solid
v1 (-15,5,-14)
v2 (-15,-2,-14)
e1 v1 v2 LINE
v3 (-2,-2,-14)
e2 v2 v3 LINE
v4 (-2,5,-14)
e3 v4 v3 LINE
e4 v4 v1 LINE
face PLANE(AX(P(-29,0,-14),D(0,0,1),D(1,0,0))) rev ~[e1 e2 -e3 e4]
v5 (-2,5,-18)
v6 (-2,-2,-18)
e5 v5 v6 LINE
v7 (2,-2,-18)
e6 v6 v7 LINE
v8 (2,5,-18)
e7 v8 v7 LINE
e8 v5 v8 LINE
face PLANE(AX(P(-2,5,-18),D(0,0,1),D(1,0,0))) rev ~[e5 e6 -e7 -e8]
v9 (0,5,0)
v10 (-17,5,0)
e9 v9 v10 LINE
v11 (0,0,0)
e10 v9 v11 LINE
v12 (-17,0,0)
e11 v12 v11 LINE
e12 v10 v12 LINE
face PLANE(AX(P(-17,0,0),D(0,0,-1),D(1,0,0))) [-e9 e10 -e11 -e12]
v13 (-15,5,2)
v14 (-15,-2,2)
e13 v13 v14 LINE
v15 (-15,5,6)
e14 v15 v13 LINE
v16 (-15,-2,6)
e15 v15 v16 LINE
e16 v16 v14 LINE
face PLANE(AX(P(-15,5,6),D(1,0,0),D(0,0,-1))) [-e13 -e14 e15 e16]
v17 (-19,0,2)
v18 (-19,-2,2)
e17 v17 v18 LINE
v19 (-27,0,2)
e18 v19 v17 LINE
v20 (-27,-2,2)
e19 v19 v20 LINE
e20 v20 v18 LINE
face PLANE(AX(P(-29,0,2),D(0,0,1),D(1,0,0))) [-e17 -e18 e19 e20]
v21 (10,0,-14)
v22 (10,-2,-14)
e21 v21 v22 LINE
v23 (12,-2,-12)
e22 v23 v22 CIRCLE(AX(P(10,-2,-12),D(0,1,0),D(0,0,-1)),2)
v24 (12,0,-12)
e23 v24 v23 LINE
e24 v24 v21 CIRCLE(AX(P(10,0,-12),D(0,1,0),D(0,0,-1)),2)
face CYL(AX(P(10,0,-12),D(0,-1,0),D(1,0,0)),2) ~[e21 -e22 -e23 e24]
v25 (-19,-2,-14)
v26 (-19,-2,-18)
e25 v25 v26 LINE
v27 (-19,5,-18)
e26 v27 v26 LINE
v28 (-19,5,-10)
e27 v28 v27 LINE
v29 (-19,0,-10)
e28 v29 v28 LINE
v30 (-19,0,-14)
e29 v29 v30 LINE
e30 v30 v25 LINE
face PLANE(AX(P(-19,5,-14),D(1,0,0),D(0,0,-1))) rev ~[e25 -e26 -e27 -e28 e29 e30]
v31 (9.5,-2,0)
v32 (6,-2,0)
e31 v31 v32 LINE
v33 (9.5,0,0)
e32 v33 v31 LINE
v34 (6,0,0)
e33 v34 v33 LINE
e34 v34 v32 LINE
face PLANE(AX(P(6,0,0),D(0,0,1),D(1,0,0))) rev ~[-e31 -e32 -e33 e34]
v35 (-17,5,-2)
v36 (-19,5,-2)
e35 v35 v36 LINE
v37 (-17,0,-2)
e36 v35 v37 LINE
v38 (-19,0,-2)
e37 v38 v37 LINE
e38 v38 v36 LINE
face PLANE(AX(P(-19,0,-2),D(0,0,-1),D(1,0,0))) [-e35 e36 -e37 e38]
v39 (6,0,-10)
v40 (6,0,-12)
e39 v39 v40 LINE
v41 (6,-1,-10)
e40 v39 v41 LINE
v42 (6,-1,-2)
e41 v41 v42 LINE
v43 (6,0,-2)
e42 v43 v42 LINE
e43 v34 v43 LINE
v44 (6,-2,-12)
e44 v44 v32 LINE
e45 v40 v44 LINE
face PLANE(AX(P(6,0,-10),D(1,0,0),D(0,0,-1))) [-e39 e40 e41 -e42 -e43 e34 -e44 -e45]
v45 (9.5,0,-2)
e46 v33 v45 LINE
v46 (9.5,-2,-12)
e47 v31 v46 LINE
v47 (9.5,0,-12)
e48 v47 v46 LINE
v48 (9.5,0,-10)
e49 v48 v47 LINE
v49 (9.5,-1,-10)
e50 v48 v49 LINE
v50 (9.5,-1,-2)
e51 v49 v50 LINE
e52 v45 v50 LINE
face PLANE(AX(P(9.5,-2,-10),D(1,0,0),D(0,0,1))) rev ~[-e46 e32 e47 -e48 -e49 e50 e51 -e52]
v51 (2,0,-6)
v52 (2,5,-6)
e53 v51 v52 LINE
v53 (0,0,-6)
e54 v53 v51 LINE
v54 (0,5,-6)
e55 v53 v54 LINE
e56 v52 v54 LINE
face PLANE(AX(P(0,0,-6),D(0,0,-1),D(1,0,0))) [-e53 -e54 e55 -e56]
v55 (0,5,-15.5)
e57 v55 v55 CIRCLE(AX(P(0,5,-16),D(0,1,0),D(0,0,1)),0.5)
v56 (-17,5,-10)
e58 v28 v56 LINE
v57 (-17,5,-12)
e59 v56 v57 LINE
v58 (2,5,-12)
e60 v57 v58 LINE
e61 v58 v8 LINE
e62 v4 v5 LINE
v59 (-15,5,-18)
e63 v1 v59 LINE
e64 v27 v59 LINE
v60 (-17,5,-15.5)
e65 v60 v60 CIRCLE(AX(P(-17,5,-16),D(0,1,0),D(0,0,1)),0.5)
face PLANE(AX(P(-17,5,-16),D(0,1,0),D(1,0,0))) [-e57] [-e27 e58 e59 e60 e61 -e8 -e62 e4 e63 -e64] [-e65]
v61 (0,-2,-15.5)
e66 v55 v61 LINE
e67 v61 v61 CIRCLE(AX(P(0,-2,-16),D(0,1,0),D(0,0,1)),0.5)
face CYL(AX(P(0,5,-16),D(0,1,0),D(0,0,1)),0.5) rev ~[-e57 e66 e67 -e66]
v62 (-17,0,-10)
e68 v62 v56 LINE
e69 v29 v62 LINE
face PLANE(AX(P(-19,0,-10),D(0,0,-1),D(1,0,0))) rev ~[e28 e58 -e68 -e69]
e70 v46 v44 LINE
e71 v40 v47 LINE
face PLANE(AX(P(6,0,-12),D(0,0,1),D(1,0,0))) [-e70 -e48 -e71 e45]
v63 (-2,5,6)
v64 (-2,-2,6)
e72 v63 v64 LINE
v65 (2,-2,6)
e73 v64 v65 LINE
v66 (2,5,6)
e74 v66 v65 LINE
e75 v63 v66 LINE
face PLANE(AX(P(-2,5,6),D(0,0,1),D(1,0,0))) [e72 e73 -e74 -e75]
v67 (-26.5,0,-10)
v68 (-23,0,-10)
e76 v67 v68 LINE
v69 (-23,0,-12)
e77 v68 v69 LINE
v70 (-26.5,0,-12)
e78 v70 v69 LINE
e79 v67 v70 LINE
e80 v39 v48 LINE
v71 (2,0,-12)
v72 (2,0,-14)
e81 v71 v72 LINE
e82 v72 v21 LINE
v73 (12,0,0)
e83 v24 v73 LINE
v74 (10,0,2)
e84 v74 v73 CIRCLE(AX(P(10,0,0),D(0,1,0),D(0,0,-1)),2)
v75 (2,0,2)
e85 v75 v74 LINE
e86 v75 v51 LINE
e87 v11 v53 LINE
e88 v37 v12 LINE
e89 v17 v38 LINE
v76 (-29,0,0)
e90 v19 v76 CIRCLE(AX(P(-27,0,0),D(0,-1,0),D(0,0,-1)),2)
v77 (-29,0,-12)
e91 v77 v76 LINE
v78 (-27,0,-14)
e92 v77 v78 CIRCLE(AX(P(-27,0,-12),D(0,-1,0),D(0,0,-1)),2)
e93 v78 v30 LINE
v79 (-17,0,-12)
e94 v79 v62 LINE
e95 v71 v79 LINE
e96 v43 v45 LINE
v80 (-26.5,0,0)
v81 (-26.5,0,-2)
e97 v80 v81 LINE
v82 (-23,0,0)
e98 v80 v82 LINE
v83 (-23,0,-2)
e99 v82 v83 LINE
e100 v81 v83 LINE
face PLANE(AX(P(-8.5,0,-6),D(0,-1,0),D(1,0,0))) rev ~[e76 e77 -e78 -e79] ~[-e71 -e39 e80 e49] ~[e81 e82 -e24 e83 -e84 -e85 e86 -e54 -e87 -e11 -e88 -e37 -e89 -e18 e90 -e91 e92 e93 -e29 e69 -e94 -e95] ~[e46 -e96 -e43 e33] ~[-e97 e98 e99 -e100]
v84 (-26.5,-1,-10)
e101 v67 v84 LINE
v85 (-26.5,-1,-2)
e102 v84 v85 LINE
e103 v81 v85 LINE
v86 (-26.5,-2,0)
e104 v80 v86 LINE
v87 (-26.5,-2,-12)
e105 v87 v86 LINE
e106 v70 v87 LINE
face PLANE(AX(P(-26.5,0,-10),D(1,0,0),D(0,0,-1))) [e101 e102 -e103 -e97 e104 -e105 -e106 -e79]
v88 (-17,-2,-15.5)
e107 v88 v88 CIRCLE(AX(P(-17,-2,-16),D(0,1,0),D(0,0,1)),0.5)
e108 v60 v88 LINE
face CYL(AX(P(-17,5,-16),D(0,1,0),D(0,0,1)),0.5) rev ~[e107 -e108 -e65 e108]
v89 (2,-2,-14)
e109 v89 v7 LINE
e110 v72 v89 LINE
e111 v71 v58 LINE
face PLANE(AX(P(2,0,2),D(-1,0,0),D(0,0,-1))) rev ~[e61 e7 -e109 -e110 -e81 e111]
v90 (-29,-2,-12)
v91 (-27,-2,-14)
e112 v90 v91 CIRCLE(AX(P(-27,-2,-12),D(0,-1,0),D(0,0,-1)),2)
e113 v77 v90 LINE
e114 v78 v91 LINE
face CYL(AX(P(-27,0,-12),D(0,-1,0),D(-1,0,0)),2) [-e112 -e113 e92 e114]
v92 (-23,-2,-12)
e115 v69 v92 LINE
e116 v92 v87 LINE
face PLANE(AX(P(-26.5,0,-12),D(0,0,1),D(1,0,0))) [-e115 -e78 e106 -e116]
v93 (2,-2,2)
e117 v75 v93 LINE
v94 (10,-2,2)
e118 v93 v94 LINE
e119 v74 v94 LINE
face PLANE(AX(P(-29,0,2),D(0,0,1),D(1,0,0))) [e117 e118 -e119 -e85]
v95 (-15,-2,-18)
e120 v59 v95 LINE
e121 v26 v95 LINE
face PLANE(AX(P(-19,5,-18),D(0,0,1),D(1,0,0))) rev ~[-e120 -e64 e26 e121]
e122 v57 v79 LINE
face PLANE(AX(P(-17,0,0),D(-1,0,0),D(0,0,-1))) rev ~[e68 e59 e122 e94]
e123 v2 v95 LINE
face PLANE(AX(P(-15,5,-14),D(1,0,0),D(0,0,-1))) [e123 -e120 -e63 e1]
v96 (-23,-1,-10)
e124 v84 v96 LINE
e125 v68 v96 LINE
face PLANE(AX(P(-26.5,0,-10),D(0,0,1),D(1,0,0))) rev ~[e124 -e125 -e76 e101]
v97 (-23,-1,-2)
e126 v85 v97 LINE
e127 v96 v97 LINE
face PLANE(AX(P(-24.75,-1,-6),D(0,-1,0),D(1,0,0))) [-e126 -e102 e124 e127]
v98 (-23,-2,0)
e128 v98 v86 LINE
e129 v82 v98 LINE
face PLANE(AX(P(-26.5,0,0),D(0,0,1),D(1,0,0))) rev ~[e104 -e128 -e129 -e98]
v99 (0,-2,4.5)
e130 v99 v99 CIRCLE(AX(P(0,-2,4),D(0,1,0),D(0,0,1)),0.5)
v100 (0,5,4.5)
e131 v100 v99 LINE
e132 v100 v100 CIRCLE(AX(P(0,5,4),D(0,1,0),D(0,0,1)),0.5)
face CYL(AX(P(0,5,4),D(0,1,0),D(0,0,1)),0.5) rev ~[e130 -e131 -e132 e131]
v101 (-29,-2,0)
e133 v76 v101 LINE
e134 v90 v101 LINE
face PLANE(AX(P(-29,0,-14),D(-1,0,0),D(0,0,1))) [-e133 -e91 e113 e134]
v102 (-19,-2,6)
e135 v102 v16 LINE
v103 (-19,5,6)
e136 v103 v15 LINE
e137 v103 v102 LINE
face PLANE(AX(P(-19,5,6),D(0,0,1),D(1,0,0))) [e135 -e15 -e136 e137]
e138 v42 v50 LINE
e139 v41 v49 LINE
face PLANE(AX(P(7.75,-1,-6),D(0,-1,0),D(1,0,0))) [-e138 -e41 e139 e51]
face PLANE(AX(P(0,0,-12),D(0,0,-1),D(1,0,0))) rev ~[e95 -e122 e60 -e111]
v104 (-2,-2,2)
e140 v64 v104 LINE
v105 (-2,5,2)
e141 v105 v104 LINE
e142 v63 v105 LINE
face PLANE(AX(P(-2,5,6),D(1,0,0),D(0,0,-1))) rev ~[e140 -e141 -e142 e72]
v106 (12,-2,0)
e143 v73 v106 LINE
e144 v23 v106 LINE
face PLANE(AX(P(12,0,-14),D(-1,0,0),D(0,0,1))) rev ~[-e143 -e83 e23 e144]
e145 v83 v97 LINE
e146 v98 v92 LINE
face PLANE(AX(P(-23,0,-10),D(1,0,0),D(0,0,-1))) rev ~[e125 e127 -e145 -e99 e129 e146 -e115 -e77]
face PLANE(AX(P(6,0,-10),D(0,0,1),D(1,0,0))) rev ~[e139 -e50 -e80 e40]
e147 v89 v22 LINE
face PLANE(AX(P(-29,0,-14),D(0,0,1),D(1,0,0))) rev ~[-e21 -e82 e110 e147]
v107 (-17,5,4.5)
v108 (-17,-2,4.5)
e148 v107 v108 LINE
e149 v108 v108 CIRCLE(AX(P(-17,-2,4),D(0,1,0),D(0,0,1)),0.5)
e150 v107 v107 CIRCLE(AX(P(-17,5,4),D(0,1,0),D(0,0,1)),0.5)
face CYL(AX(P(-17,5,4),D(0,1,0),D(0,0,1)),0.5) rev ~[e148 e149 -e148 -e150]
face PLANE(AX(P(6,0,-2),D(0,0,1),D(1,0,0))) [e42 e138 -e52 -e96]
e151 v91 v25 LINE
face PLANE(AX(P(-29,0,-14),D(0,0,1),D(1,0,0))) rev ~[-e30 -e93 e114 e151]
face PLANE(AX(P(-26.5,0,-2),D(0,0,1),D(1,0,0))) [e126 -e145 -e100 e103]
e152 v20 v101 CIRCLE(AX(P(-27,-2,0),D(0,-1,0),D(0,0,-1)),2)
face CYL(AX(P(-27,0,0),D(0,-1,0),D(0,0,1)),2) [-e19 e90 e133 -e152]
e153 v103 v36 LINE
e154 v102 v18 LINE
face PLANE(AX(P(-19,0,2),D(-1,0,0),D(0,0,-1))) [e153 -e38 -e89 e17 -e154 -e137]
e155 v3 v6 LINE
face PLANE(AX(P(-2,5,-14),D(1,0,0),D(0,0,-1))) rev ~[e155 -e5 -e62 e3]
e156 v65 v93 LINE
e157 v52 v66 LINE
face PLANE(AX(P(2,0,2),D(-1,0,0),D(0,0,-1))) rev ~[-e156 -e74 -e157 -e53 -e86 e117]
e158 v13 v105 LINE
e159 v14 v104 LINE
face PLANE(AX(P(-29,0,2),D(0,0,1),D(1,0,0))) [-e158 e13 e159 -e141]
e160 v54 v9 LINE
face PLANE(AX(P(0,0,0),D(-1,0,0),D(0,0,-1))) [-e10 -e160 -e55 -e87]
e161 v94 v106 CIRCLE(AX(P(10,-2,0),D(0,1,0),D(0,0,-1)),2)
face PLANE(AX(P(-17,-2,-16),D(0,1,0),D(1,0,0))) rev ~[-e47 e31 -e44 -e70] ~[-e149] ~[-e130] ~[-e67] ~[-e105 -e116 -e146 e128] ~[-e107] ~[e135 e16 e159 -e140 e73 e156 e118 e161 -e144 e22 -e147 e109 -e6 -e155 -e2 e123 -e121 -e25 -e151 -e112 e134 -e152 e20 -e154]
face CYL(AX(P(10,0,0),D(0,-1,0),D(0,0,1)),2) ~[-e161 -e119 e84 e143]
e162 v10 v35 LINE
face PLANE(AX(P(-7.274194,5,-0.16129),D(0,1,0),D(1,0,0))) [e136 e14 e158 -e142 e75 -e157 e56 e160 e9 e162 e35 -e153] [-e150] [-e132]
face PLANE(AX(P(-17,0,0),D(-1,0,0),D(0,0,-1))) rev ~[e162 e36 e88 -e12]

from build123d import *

# Parameters (mm, degrees)
SKETCH1_W           = 21
SKETCH1_H           = 16
SKETCH1_W_2         = 17
SKETCH1_H_2         = 12
BOSS_EXTRUDE1_DEPTH = 2
SKETCH1_6_W         = 21
SKETCH1_6_H         = 16
SKETCH1_6_W_2       = 17
SKETCH1_6_H_2       = 12
BOSS_EXTRUDE2_DEPTH = 7
SKETCH2_W           = 41
SKETCH2_H           = 16
BOSS_EXTRUDE3_DEPTH = 2
SKETCH3_W           = 3.5
SKETCH3_H           = 2
CUT_EXTRUDE1_DEPTH  = 33.954514107
SKETCH4_W           = 3.5
SKETCH4_H           = 8
CUT_EXTRUDE2_DEPTH  = 1
CUT_EXTRUDE3_START  = -7
SKETCH5_W           = 2
SKETCH5_H           = 8
SKETCH5_H_2         = 6
CUT_EXTRUDE3_DEPTH  = 7
CUT_EXTRUDE4_DEPTH  = 2
CUT_EXTRUDE5_DEPTH  = 2
SKETCH9_W           = 4
SKETCH9_H           = 4
BOSS_EXTRUDE4_DEPTH = 7
SKETCH10_R          = 0.5
CUT_EXTRUDE6_DEPTH  = 35.84250278
SKETCH11_W          = 3.5
SKETCH11_H          = 8
CUT_EXTRUDE7_DEPTH  = 1
FILLET1_R           = 2


with BuildPart() as part:
    # Sketch1 → Boss-Extrude1 (new body)
    # profile 1 of 2: a face of its own
    with BuildSketch(Plane(origin=(0, 0, 0), x_dir=(1, 0, 0), z_dir=(0, 1, 0))):
        with Locations((-8.5, 6)):
            Rectangle(SKETCH1_W, SKETCH1_H)
        with Locations((-8.5, 6)):
            Rectangle(SKETCH1_W_2, SKETCH1_H_2, mode=Mode.SUBTRACT)
    # profile 2 of 2: a face of its own
    with BuildSketch(Plane(origin=(0, 0, 0), x_dir=(1, 0, 0), z_dir=(0, 1, 0))):
        with Locations((-8.5, 6)):
            Rectangle(SKETCH1_W_2, SKETCH1_H_2)
    extrude(amount=BOSS_EXTRUDE1_DEPTH)

    # Sketch1<6> → Boss-Extrude2 (add)
    with BuildSketch(Plane(origin=(0, 0, 0), x_dir=(1, 0, 0), z_dir=(0, 1, 0))):
        with Locations((-8.5, 6)):
            Rectangle(SKETCH1_6_W, SKETCH1_6_H)
        with Locations((-8.5, 6)):
            Rectangle(SKETCH1_6_W_2, SKETCH1_6_H_2, mode=Mode.SUBTRACT)
    extrude(amount=BOSS_EXTRUDE2_DEPTH)

    # Sketch2 → Boss-Extrude3 (add)
    with BuildSketch(Plane.XZ):
        with Locations((-8.5, -6)):
            Rectangle(SKETCH2_W, SKETCH2_H)
    extrude(amount=BOSS_EXTRUDE3_DEPTH)

    # Sketch3 → Cut-Extrude1 (cut, through all)
    with BuildSketch(Plane(origin=(0, 0, 0), x_dir=(1, 0, 0), z_dir=(0, 1, 0))):
        with Locations((-24.75, 11)):
            Rectangle(SKETCH3_W, SKETCH3_H)
        with Locations((-24.75, 1)):
            Rectangle(SKETCH3_W, SKETCH3_H)
        with Locations((7.75, 11)):
            Rectangle(SKETCH3_W, SKETCH3_H)
        with Locations((7.75, 1)):
            Rectangle(SKETCH3_W, SKETCH3_H)
    extrude(amount=-CUT_EXTRUDE1_DEPTH, mode=Mode.SUBTRACT)

    # Sketch4 → Cut-Extrude2 (cut)
    with BuildSketch(Plane.XZ.offset(2)):
        with Locations((-24.75, -6)):
            Rectangle(SKETCH4_W, SKETCH4_H)
    extrude(amount=-CUT_EXTRUDE2_DEPTH, mode=Mode.SUBTRACT)

    # Sketch5 → Cut-Extrude3 (cut)
    with BuildSketch(Plane(origin=(0, 7, 0), x_dir=(1, 0, 0), z_dir=(0, 1, 0)).offset(CUT_EXTRUDE3_START)):
        with Locations((-18, 6)):
            Rectangle(SKETCH5_W, SKETCH5_H)
        with Locations((1, 9)):
            Rectangle(SKETCH5_W, SKETCH5_H_2)
    extrude(amount=CUT_EXTRUDE3_DEPTH, mode=Mode.SUBTRACT)

    # Sketch7 → Cut-Extrude4 (cut)
    with BuildSketch(Plane(origin=(0, 2, 0), x_dir=(1, 0, 0), z_dir=(0, 1, 0))):
        Polygon((-17, 2), (-17, 0), (0, 0), (0, 6), (0, 12), (-17, 12), (-17, 10), align=None)
    extrude(amount=-CUT_EXTRUDE4_DEPTH, mode=Mode.SUBTRACT)

    # Sketch8 → Cut-Extrude5 (cut)
    with BuildSketch(Plane(origin=(0, 7, 0), x_dir=(1, 0, 0), z_dir=(0, 1, 0))):
        Polygon((-17, 2), (-19, 2), (-19, -2), (2, -2), (2, 6), (0, 6), (0, 0), (-17, 0), align=None)
        Polygon((-19, 10), (-17, 10), (-17, 12), (2, 12), (2, 14), (-19, 14), align=None)
    extrude(amount=-CUT_EXTRUDE5_DEPTH, mode=Mode.SUBTRACT)

    # Sketch9 → Boss-Extrude4 (add)
    with BuildSketch(Plane(origin=(0, 5, 0), x_dir=(1, 0, 0), z_dir=(0, 1, 0))):
        with Locations((-17, 16)):
            Rectangle(SKETCH9_W, SKETCH9_H)
        with Locations((0, 16)):
            Rectangle(SKETCH9_W, SKETCH9_H)
        with Locations((0, -4)):
            Rectangle(SKETCH9_W, SKETCH9_H)
        with Locations((-17, -4)):
            Rectangle(SKETCH9_W, SKETCH9_H)
    extrude(amount=-BOSS_EXTRUDE4_DEPTH)

    # Sketch10 → Cut-Extrude6 (cut, through all)
    with BuildSketch(Plane(origin=(0, 5, 0), x_dir=(1, 0, 0), z_dir=(0, 1, 0))):
        with Locations(Location((-17, 16, 0), (0, 0, 270))):
            Circle(SKETCH10_R)
        with Locations(Location((0, 16, 0), (0, 0, 270))):
            Circle(SKETCH10_R)
        with Locations(Location((0, -4, 0), (0, 0, 270))):
            Circle(SKETCH10_R)
        with Locations(Location((-17, -4, 0), (0, 0, 270))):
            Circle(SKETCH10_R)
    extrude(amount=-CUT_EXTRUDE6_DEPTH, mode=Mode.SUBTRACT)

    # Sketch11 → Cut-Extrude7 (cut)
    with BuildSketch(Plane.XZ.offset(2)):
        with Locations((7.75, -6)):
            Rectangle(SKETCH11_W, SKETCH11_H)
    extrude(amount=-CUT_EXTRUDE7_DEPTH, mode=Mode.SUBTRACT)

    # Fillet1
    fillet1_edges = [part.edges().sort_by_distance(p)[0] for p in [
        (-29, -1, 2),
        (-29, -1, -14),
        (12, -1, -14),
        (12, -1, 2),
    ]]
    fillet(fillet1_edges, radius=FILLET1_R)


solid = part.part
